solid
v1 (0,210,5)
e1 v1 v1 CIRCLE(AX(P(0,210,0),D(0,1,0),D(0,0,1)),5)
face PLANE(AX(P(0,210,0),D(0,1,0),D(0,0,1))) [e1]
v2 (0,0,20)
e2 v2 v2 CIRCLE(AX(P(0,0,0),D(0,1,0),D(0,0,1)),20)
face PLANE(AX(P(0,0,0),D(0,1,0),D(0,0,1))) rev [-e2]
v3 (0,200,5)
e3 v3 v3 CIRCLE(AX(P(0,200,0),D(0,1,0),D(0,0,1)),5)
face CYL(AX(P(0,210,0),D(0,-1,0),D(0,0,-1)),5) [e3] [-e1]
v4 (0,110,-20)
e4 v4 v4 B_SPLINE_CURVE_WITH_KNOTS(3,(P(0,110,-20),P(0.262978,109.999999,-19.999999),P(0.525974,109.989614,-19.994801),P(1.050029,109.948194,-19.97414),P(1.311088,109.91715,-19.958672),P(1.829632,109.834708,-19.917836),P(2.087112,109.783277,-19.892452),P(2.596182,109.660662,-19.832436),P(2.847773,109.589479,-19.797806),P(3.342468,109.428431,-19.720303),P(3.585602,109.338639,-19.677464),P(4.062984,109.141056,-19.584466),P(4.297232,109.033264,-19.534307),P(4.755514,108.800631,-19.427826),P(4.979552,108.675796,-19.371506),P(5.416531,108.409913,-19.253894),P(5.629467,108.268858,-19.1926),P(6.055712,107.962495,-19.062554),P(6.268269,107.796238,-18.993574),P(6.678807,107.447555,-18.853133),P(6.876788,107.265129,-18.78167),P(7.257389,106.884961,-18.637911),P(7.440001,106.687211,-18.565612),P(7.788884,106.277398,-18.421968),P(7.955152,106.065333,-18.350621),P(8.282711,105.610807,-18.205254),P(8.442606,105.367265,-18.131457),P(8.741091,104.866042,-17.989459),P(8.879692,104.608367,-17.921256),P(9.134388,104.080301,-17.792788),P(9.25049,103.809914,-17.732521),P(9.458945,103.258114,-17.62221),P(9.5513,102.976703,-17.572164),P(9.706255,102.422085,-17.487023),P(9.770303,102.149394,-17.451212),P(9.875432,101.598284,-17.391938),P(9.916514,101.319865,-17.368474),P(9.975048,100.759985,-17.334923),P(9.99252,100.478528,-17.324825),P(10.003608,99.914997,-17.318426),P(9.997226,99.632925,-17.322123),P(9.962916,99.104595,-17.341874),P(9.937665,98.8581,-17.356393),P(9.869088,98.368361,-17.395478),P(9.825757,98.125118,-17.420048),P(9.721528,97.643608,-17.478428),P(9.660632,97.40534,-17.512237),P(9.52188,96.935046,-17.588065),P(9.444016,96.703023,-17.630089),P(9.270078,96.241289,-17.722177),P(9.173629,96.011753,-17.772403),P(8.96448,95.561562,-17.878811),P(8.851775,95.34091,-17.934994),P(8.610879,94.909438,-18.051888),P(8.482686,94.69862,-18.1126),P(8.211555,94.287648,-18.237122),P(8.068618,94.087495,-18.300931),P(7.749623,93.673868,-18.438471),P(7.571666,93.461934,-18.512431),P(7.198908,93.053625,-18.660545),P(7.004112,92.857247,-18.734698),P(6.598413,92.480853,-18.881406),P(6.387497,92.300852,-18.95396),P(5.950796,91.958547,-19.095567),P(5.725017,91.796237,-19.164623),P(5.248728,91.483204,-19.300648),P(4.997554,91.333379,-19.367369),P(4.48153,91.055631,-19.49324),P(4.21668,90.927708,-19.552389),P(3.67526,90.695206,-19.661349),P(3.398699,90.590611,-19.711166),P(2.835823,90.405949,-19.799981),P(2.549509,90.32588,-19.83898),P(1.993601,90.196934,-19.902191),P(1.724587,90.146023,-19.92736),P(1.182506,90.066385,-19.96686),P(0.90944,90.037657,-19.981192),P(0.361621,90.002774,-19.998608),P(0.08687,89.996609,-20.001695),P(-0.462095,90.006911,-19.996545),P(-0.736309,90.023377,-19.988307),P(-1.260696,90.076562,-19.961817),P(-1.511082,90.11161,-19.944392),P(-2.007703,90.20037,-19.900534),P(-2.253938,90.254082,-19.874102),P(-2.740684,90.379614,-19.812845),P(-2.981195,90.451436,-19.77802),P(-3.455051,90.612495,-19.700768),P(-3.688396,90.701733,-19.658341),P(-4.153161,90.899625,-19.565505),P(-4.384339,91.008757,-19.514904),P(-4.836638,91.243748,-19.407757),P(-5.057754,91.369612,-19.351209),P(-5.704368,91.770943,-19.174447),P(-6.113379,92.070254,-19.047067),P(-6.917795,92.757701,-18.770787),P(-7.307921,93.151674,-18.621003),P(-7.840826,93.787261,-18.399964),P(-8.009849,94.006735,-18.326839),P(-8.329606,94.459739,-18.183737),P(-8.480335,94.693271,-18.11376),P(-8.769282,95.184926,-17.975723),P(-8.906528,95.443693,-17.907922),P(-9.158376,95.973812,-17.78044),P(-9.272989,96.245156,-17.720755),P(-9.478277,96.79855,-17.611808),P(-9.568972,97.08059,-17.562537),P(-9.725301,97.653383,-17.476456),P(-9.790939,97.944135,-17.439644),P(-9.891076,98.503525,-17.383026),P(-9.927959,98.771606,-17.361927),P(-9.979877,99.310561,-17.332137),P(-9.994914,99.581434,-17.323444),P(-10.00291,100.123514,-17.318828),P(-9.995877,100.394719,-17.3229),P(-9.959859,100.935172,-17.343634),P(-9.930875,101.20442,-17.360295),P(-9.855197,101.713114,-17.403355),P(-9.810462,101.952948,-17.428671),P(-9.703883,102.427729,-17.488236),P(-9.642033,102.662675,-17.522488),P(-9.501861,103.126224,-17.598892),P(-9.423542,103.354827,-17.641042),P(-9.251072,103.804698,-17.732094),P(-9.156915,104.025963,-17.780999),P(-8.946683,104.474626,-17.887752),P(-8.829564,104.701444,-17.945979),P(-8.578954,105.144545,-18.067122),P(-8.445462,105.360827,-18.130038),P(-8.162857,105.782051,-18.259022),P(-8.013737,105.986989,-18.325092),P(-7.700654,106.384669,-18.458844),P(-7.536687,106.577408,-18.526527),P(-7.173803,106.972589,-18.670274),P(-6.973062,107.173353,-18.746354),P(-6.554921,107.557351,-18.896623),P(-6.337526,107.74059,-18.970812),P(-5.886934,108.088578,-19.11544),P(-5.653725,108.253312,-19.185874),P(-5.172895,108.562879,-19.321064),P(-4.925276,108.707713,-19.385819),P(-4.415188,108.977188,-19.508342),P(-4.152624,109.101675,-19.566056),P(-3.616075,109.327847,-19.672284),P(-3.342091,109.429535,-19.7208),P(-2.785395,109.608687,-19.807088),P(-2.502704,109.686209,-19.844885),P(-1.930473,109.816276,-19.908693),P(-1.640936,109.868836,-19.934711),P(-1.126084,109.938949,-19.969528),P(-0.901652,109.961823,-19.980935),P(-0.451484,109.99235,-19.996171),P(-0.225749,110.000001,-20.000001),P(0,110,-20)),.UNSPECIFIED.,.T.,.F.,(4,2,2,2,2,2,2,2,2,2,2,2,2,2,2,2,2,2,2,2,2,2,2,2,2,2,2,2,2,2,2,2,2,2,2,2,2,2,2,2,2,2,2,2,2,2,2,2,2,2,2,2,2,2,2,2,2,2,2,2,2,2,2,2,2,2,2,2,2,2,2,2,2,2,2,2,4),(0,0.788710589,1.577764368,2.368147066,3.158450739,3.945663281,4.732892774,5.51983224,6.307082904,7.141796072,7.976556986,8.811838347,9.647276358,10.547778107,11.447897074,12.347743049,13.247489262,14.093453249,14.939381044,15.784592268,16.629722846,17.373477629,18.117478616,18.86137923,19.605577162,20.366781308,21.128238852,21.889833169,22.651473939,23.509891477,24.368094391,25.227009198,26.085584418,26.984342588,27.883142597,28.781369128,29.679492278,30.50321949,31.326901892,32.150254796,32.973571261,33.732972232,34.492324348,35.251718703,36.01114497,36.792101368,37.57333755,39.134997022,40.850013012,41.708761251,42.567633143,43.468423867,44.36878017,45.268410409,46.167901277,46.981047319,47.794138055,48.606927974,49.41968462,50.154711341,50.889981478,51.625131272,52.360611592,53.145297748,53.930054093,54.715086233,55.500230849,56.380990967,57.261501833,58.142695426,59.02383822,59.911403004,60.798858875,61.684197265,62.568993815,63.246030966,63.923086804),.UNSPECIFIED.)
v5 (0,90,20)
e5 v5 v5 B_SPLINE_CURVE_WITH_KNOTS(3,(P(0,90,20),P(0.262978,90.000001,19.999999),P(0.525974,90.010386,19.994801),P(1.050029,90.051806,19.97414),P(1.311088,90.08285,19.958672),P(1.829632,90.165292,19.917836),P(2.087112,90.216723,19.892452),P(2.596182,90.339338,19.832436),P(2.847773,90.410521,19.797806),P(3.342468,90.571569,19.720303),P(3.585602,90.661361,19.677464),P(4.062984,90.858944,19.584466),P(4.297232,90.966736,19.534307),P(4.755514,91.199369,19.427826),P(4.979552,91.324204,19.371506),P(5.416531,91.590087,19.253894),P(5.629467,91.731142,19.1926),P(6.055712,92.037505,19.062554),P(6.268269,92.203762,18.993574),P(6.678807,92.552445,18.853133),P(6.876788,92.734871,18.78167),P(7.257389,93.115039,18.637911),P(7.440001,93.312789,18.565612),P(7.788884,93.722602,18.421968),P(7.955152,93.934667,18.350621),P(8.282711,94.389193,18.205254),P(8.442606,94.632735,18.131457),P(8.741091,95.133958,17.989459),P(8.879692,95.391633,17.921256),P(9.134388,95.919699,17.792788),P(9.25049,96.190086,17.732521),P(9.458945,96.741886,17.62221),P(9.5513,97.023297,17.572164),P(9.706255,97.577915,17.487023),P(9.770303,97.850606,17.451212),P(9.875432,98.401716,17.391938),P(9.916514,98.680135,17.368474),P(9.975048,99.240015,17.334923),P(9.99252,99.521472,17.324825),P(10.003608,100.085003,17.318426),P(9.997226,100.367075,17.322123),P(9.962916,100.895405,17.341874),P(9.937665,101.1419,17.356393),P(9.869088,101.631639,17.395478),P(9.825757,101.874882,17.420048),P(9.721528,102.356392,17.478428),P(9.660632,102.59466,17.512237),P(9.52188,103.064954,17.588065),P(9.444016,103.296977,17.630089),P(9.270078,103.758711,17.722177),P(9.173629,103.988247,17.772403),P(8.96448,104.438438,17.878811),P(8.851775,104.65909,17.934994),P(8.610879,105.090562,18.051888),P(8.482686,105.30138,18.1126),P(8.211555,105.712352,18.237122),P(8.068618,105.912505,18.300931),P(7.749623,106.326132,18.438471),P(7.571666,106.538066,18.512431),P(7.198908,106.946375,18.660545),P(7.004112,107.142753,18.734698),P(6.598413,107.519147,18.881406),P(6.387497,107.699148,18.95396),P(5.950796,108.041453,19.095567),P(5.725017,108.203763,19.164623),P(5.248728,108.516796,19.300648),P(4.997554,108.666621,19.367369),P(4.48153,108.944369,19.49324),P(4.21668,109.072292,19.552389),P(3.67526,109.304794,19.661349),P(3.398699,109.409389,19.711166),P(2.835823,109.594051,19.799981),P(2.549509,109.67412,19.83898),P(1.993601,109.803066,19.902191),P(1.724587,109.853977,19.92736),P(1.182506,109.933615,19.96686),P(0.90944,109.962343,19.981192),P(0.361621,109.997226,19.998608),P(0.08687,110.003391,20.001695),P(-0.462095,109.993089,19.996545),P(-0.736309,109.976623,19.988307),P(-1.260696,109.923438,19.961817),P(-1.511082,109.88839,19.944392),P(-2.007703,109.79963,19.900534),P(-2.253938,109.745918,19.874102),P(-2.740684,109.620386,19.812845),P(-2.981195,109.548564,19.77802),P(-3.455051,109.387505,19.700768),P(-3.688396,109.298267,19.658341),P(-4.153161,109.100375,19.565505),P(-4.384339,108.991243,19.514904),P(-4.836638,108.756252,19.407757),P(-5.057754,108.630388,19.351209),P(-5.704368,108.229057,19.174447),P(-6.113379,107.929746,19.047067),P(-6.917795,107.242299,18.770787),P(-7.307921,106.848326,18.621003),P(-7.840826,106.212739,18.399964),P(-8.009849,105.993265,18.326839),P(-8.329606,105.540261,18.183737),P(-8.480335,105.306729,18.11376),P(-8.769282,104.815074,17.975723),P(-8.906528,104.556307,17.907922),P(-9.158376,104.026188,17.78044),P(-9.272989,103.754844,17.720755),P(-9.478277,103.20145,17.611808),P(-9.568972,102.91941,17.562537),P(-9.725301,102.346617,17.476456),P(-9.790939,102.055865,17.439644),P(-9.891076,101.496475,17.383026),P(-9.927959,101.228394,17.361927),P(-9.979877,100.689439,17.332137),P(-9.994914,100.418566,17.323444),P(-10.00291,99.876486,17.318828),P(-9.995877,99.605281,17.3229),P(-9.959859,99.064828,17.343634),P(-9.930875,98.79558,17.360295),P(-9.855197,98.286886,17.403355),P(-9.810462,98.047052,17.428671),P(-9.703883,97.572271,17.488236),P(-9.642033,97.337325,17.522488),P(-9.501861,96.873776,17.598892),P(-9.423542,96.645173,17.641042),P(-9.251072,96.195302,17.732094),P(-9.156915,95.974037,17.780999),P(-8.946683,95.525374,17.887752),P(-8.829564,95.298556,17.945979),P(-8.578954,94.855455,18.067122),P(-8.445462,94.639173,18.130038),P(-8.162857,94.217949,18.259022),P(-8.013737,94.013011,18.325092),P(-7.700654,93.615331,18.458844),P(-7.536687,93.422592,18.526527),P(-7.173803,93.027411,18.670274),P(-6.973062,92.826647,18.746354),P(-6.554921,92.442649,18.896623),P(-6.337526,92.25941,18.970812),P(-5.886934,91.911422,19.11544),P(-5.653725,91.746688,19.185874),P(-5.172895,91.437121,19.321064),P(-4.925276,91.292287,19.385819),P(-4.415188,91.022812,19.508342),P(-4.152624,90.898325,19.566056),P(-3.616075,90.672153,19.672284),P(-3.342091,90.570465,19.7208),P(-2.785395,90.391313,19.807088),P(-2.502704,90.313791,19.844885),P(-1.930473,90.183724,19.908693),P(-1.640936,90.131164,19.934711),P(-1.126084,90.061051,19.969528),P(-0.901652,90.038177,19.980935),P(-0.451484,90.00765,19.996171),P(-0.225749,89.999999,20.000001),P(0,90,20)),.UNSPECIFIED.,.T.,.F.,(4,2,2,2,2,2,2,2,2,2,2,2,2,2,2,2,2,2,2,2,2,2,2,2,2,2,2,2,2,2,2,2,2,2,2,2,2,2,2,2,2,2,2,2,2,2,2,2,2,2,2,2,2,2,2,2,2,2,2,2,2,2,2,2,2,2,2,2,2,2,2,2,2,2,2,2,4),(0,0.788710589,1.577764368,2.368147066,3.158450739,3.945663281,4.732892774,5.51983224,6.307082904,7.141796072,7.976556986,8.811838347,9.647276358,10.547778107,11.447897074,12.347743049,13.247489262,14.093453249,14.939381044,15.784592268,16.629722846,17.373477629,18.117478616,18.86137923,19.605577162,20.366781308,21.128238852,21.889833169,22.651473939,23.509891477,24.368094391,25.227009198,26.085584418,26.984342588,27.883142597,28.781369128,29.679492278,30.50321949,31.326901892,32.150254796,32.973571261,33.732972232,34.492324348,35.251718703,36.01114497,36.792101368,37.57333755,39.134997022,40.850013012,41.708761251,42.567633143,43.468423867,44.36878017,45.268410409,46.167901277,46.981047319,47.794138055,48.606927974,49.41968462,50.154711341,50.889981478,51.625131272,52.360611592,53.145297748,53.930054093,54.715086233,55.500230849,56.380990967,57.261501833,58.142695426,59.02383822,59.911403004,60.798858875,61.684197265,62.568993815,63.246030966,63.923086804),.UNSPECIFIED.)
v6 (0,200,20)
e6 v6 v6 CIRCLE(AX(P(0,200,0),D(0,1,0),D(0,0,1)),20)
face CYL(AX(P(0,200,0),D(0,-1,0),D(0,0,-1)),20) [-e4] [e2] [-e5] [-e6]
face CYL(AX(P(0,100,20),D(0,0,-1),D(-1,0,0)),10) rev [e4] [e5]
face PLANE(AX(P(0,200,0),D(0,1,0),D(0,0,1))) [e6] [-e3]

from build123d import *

# Parameters (mm, degrees)
SKETCH1_R               = 20
BOSS_EXTRUDE1_DEPTH     = 200
CUT_EXTRUDE1_DEPTH      = 202.990098767
CUT_EXTRUDE1_DEPTH_BACK = 200
SKETCH2_R               = 10
SKETCH5_R               = 5
BOSS_EXTRUDE4_DEPTH     = 10


with BuildPart() as part:
    # Sketch1 → Boss-Extrude1 (new body)
    with BuildSketch(Plane(origin=(0, 0, 0), x_dir=(1, 0, 0), z_dir=(0, 1, 0))):
        with Locations(Location((0, 0, 0), (0, 0, 270))):
            Circle(SKETCH1_R)
    extrude(amount=BOSS_EXTRUDE1_DEPTH)

    # Sketch2 → Cut-Extrude1 (cut, two sides: drawn at the far end of the back side and taken through both)
    with BuildSketch(Plane.XY.offset(-CUT_EXTRUDE1_DEPTH_BACK)):
        with Locations(Location((0, 100, 0), (0, 0, 90))):
            Circle(SKETCH2_R)
    extrude(amount=CUT_EXTRUDE1_DEPTH + CUT_EXTRUDE1_DEPTH_BACK, mode=Mode.SUBTRACT)

    # Sketch5 → Boss-Extrude4 (add)
    with BuildSketch(Plane(origin=(0, 200, 0), x_dir=(1, 0, 0), z_dir=(0, 1, 0))):
        with Locations(Location((0, 0, 0), (0, 0, 270))):
            Circle(SKETCH5_R)
    extrude(amount=BOSS_EXTRUDE4_DEPTH)


solid = part.part
